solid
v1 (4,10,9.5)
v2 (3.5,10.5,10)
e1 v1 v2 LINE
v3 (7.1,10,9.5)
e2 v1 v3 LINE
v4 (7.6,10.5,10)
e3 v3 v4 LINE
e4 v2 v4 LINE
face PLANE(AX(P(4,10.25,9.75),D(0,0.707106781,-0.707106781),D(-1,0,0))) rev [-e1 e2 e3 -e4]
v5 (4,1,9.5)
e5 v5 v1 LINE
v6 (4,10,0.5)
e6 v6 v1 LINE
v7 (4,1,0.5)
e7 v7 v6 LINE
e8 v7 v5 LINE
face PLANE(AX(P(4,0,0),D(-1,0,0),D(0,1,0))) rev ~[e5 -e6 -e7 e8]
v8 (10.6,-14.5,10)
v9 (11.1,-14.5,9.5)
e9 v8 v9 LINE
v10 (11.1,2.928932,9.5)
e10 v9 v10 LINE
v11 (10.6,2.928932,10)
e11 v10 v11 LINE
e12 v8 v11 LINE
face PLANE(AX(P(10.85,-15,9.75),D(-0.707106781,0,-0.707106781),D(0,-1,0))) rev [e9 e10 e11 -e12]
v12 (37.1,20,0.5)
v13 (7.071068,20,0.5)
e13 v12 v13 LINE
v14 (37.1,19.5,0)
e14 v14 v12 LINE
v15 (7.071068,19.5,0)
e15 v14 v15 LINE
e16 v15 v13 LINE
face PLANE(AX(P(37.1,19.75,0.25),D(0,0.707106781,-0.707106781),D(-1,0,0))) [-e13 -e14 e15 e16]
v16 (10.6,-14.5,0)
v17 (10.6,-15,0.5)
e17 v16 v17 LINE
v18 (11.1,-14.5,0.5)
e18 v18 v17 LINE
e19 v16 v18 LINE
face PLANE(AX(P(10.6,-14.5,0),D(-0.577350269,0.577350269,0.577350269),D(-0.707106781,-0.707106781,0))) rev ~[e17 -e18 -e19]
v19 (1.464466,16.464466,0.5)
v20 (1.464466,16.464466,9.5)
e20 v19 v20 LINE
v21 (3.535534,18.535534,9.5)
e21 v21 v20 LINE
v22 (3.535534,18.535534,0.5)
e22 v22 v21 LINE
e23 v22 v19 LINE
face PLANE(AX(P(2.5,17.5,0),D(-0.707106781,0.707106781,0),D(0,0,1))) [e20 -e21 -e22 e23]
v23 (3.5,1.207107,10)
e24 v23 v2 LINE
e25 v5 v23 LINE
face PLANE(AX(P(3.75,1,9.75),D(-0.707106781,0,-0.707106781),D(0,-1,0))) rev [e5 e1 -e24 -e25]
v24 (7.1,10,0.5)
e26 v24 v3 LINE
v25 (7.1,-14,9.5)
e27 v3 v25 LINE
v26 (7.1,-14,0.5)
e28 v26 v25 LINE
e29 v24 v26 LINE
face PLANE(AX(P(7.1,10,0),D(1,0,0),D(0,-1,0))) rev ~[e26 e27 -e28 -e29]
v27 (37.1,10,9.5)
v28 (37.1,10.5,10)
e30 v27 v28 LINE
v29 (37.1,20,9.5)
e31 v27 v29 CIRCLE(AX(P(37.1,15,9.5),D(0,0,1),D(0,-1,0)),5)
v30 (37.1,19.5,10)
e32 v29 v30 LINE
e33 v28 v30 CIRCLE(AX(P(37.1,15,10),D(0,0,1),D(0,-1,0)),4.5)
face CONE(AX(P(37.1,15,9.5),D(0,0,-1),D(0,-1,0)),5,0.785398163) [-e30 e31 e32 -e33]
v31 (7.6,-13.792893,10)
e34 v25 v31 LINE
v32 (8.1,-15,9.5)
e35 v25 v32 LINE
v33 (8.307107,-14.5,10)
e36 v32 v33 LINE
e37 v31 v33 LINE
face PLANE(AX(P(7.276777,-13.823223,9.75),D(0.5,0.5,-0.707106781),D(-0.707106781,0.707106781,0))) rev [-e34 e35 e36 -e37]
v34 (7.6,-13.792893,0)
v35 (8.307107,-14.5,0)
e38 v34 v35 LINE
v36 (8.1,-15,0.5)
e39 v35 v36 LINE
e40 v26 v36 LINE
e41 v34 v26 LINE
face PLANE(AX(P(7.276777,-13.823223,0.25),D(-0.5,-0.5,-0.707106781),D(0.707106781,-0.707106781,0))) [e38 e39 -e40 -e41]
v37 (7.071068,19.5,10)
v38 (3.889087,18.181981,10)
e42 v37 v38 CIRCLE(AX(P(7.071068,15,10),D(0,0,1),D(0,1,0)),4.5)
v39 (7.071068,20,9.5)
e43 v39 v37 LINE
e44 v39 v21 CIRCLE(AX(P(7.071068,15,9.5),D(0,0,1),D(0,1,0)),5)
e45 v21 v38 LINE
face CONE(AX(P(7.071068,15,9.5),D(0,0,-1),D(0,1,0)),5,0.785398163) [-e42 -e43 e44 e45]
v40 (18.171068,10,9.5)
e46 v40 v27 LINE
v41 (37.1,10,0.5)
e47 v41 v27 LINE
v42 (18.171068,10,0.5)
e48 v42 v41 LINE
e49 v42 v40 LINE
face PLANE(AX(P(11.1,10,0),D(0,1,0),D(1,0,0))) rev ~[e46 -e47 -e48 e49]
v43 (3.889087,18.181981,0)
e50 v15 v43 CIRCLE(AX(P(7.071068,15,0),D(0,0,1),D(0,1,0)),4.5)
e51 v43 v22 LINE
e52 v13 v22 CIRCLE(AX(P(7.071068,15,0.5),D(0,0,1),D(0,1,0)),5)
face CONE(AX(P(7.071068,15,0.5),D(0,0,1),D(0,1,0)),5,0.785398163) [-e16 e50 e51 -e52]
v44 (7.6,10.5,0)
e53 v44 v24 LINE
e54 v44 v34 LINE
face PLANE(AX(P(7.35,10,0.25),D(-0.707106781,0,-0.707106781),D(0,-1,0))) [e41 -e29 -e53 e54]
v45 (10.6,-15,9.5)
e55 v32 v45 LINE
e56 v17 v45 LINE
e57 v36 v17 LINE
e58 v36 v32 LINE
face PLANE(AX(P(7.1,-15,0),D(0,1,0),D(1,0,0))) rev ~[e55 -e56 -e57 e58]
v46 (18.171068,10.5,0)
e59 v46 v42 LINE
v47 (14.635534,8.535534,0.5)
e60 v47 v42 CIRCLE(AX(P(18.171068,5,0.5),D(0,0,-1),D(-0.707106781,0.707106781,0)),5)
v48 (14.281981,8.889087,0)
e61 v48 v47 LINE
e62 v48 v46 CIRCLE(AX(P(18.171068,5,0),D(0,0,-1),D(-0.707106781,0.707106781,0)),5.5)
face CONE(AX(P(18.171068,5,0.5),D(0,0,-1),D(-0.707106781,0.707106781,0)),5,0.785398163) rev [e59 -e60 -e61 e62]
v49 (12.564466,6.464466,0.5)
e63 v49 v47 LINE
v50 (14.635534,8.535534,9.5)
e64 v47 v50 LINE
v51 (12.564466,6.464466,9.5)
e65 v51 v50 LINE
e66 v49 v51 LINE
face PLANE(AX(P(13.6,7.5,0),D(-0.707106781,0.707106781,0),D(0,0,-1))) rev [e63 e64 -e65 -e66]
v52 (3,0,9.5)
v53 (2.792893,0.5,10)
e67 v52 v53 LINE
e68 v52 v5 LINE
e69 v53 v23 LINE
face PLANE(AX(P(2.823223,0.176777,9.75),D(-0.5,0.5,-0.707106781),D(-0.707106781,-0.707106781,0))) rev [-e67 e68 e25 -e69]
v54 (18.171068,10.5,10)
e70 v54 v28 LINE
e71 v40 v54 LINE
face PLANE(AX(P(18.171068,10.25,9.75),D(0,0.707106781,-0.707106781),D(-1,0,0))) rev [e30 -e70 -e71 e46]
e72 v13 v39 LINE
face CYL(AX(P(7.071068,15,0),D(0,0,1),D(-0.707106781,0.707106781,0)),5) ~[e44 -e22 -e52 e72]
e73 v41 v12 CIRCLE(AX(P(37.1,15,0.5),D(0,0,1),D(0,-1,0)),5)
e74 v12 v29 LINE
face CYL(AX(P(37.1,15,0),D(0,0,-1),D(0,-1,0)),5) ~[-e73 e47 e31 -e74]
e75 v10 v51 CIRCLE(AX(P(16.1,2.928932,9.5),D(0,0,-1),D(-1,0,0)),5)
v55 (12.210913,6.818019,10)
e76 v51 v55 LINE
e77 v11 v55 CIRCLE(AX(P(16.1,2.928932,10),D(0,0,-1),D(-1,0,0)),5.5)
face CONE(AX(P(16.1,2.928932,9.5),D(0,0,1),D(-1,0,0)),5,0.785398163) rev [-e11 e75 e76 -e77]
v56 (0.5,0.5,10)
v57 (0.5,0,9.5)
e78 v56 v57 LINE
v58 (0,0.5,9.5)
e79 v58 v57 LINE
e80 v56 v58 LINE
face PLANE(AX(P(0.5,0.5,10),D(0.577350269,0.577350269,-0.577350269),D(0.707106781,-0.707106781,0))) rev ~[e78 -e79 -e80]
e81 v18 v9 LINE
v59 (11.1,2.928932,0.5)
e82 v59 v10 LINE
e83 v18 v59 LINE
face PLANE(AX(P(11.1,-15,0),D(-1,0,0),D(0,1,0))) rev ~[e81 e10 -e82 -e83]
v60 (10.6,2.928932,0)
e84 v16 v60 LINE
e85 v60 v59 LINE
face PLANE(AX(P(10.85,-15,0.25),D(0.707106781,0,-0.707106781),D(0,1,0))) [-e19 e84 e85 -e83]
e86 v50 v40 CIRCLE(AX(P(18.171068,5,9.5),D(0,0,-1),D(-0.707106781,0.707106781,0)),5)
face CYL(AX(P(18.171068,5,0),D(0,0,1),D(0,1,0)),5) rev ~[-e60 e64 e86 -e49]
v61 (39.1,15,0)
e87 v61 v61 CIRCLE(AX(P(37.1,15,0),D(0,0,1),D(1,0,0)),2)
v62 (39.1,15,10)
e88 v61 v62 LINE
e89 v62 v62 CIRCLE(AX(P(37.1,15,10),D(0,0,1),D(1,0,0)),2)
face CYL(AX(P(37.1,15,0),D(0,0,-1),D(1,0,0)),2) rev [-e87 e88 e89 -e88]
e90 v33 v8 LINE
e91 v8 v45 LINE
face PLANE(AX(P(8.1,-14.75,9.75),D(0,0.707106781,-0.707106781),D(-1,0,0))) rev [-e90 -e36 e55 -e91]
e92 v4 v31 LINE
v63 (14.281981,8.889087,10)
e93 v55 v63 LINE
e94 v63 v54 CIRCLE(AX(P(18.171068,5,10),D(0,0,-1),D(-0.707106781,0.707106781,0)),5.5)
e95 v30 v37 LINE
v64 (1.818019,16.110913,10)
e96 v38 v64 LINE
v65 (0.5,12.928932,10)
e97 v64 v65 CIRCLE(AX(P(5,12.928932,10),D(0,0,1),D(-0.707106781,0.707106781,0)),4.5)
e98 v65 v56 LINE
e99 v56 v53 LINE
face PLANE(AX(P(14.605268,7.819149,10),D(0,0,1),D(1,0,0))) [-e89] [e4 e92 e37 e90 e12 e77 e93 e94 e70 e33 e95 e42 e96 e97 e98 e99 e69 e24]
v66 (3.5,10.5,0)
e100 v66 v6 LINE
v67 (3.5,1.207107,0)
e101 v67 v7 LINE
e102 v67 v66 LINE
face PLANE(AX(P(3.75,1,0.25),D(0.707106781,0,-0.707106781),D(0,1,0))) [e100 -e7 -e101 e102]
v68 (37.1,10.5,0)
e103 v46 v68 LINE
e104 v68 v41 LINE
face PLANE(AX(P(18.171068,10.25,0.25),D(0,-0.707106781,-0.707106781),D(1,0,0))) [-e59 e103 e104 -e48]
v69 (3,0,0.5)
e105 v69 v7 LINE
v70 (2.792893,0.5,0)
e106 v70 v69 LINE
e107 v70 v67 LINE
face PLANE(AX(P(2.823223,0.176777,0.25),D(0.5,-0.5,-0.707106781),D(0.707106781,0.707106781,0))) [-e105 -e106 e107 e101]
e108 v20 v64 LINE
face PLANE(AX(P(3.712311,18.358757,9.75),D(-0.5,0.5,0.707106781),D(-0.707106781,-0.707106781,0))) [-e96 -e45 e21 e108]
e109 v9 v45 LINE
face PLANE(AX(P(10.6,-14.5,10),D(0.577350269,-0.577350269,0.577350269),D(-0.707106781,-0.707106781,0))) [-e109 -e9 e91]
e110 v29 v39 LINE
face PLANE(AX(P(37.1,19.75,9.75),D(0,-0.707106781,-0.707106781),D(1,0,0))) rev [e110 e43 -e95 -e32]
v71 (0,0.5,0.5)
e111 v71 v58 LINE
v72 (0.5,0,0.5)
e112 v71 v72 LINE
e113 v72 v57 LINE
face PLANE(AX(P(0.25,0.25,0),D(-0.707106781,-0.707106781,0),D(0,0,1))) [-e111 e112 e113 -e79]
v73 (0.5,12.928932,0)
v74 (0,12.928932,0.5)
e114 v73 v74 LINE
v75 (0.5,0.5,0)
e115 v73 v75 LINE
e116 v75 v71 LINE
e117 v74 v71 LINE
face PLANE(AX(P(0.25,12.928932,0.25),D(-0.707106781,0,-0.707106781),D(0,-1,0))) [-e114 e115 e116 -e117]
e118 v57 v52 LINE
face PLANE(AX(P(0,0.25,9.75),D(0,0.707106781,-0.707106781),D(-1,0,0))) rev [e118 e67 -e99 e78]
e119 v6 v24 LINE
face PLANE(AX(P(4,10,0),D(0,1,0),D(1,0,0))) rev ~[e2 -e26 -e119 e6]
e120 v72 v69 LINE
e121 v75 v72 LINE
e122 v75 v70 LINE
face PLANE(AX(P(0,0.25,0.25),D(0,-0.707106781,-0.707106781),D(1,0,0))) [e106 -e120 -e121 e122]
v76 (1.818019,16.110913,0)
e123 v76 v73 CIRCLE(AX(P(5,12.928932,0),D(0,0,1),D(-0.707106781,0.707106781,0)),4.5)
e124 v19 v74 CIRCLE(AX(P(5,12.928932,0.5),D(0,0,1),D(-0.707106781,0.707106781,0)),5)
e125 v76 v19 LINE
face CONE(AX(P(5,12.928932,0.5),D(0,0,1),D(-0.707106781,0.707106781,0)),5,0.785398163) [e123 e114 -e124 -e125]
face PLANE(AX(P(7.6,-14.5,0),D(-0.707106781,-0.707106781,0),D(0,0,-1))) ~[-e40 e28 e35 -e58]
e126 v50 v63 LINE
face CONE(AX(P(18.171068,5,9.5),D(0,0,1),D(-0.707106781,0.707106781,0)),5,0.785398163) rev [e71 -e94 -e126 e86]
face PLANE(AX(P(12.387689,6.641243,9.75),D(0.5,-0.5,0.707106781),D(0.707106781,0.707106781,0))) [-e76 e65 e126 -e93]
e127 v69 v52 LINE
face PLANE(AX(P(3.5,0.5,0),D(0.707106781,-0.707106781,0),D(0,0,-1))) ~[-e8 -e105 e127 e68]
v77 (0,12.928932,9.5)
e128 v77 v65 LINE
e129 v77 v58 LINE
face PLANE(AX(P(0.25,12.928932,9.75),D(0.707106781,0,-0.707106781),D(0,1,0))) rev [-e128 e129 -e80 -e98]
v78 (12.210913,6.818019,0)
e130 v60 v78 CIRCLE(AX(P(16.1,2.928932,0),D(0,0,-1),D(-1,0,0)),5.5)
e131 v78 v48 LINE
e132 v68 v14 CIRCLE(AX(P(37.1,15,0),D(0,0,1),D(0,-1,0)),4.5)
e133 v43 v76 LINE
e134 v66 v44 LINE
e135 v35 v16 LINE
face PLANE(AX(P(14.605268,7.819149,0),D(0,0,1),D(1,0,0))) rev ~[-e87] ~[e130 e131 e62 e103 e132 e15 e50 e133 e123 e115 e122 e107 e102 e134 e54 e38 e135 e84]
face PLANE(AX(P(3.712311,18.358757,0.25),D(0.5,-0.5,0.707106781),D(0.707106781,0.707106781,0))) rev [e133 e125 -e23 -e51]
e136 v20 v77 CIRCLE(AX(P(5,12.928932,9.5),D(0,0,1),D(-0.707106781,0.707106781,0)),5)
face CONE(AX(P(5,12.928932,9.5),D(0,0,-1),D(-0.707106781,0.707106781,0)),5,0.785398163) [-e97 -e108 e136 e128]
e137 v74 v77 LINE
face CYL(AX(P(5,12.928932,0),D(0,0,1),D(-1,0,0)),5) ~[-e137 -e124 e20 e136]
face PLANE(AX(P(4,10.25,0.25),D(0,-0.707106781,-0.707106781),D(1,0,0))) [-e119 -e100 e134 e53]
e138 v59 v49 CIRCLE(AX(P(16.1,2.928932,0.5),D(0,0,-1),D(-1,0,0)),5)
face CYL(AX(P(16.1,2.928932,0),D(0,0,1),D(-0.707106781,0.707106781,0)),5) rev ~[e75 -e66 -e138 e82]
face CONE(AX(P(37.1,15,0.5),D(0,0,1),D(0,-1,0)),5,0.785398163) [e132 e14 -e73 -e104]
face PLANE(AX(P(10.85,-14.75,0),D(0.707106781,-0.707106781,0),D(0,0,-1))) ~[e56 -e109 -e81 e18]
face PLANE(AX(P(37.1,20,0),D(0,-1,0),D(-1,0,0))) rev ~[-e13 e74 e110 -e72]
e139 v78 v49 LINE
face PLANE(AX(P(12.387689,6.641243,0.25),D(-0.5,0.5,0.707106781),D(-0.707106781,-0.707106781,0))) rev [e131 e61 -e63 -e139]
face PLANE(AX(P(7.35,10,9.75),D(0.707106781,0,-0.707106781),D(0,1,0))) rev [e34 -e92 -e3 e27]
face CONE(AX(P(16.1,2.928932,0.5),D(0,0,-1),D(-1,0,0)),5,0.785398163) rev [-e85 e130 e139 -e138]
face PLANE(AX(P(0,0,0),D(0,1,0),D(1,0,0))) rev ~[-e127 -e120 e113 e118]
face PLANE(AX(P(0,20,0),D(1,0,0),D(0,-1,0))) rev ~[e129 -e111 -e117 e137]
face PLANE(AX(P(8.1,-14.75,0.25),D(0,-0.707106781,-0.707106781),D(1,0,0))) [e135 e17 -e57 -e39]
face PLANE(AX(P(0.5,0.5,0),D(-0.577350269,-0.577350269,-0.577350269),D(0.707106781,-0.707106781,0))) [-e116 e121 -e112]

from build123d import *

# Parameters (mm, degrees)
F0_R     = 2
F1_DEPTH = 10
F2_SIZE  = 5
F3_R     = 5
F4_SIZE  = 1
F5_SIZE  = 0.5


with BuildPart() as f1:
    # F0 (on Top) → F1 (new body)
    with BuildSketch(Plane.XY):
        with BuildLine():
            Line((0, 20), (0, 0))
            Line((0, 0), (4, 0))
            Line((4, 0), (4, 10))
            Line((4, 10), (7.1, 10))
            Line((7.1, 10), (7.1, -15))
            Line((7.1, -15), (11.1, -15))
            Line((11.1, -15), (11.1, 10))
            Line((11.1, 10), (37.1, 10))
            ThreePointArc((37.1, 10), (42.1, 15), (37.1, 20))
            Line((37.1, 20), (0, 20))
        make_face()
        with Locations((37.1, 15)):
            Circle(F0_R, mode=Mode.SUBTRACT)
    extrude(amount=F1_DEPTH)

    # F2
    f2_edges = [f1.edges().sort_by_distance(p)[0] for p in [
        (0, 20, 5),
        (11.1, 10, 5),
    ]]
    chamfer(f2_edges, length=F2_SIZE)

    # F3
    f3_edges = [f1.edges().sort_by_distance(p)[0] for p in [
        (0, 15, 5),
        (5, 20, 5),
        (16.1, 10, 5),
        (11.1, 5, 5),
    ]]
    fillet(f3_edges, radius=F3_R)

    # F4
    f4_edges = [f1.edges().sort_by_distance(p)[0] for p in [
        (4, 0, 5),
        (7.1, -15, 5),
    ]]
    chamfer(f4_edges, length=F4_SIZE)

    # F5
    f5_edges = [f1.edges().sort_by_distance(p)[0] for p in [
        (0, 0, 5),
        (11.1, -15, 5),
        (27.635534, 10, 10),
        (27.635534, 10, 0),
        (1.5, 0, 10),
        (3.5, 0.5, 10),
        (4, 5.5, 10),
        (5.55, 10, 10),
        (7.1, -2, 10),
        (9.6, -15, 10),
        (7.6, -14.5, 10),
        (1.5, 0, 0),
        (3.5, 0.5, 0),
        (4, 5.5, 0),
        (5.55, 10, 0),
        (7.1, -2, 0),
        (7.6, -14.5, 0),
        (9.6, -15, 0),
    ]]
    chamfer(f5_edges, length=F5_SIZE)


solid = f1.part
